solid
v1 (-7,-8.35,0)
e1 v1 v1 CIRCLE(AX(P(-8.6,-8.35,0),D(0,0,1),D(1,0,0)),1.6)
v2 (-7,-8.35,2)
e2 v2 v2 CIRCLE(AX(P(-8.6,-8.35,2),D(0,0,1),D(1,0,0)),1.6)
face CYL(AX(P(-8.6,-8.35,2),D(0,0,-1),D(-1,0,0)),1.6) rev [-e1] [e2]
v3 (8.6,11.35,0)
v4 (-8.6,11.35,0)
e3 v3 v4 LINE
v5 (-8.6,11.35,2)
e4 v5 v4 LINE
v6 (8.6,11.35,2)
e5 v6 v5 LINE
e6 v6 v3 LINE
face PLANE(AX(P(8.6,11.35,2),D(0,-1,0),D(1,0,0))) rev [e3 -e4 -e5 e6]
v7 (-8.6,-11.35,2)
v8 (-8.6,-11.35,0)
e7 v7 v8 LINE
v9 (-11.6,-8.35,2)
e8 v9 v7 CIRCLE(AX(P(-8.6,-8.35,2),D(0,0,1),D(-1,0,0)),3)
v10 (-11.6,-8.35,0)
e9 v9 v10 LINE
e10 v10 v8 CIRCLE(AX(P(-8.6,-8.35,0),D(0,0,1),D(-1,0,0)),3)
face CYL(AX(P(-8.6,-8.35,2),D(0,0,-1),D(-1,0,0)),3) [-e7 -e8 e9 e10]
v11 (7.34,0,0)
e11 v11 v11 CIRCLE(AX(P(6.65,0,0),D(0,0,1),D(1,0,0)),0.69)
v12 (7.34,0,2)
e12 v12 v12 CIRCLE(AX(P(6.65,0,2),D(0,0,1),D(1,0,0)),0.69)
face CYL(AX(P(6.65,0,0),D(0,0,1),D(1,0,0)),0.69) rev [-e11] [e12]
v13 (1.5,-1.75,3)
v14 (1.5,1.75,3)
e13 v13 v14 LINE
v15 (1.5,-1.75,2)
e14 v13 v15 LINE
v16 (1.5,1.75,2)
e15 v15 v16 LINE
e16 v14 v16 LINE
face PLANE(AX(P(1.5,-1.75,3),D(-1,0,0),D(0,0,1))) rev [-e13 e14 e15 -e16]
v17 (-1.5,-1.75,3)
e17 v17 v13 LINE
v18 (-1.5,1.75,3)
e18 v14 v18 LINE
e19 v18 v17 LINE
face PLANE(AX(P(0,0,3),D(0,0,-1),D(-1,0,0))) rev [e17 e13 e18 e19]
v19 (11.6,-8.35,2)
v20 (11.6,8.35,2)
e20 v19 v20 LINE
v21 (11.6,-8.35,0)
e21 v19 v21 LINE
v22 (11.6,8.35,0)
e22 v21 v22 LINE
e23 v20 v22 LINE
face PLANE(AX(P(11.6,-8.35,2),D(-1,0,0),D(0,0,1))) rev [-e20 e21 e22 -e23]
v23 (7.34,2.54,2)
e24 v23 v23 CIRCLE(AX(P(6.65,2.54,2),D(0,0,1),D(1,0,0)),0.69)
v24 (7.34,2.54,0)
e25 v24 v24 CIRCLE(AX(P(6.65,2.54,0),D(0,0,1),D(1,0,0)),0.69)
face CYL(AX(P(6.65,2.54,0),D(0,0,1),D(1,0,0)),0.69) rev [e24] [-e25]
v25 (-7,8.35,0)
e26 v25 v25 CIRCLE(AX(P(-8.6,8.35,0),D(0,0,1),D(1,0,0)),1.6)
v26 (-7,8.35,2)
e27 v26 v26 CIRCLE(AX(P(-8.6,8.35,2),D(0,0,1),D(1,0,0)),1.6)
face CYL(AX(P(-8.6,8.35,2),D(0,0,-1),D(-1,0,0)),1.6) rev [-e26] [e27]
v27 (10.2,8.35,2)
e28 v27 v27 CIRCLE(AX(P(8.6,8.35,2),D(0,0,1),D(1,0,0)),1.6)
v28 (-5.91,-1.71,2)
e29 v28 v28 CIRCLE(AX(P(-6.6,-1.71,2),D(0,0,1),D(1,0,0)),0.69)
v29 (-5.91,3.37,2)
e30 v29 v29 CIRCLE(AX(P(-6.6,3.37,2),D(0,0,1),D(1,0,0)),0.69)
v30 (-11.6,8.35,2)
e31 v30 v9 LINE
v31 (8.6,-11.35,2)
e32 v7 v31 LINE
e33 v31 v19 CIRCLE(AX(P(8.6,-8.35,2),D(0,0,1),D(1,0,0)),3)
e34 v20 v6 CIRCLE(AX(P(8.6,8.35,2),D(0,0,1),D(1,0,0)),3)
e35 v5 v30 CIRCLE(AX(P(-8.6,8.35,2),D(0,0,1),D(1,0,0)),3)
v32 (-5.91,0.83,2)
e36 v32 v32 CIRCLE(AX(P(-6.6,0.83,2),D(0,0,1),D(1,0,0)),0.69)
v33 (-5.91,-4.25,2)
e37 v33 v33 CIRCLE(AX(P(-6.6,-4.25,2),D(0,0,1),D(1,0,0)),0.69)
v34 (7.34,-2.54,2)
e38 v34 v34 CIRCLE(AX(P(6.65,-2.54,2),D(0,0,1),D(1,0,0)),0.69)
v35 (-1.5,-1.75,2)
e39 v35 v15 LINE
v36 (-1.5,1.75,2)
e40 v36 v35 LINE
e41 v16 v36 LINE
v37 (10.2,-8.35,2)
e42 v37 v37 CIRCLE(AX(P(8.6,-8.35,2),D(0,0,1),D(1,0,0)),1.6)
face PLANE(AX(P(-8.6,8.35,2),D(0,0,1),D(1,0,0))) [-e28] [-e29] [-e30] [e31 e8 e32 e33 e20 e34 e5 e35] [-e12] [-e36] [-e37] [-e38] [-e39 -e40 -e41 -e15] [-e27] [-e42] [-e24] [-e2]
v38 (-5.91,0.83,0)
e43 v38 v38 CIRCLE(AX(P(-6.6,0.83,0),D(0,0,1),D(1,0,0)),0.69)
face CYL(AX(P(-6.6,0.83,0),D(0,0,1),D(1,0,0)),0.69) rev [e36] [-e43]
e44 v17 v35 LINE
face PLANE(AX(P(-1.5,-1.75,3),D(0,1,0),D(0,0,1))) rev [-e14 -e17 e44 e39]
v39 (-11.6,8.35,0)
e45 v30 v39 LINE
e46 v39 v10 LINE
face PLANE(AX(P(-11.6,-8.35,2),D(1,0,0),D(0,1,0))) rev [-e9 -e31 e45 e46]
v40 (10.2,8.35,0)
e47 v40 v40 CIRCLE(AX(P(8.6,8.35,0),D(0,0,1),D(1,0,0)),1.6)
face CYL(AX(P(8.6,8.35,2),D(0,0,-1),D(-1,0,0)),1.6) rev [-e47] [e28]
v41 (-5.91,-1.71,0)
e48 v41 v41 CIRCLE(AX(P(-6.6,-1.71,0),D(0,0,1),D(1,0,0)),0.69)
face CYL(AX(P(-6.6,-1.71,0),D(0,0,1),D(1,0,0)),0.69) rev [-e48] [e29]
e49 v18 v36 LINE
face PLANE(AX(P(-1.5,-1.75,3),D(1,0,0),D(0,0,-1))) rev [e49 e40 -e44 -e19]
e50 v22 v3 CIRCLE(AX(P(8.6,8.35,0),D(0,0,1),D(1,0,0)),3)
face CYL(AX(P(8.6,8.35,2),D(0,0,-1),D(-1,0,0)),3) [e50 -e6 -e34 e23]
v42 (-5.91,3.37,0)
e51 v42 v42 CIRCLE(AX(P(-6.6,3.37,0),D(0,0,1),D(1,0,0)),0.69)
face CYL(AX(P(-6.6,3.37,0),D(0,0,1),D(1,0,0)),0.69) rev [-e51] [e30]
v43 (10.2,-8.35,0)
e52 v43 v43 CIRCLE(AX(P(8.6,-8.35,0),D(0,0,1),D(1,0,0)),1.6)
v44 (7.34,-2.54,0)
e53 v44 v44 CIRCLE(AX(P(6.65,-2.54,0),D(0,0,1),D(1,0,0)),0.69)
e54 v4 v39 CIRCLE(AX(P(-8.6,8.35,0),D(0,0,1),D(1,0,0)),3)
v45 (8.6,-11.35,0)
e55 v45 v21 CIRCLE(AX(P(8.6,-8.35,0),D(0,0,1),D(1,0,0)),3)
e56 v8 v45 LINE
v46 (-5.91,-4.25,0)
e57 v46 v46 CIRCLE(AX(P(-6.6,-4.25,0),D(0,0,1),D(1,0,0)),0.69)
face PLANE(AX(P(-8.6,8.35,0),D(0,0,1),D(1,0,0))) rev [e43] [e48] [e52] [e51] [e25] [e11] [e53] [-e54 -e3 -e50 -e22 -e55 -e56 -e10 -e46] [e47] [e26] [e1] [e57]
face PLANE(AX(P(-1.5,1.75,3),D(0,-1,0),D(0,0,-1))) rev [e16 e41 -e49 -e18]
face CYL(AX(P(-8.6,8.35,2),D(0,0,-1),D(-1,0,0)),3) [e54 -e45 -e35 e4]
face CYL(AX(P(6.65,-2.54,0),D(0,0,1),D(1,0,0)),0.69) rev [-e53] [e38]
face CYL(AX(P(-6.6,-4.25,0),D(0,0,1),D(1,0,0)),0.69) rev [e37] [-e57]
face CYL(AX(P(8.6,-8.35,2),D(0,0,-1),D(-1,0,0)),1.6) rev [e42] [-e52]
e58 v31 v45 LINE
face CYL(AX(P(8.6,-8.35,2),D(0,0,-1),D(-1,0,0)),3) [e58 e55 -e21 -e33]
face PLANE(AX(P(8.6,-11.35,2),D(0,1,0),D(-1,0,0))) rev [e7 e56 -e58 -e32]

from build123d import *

# Parameters (mm, degrees)
ESBO_O2_R                = 1.6
RESSALTO_EXTRUS_O1_DEPTH = 2
ESBO_O3_R                = 0.69
CORTE_EXTRUS_O1_DEPTH    = 2
ESBO_O4_W                = 3
ESBO_O4_H                = 3.5
RESSALTO_EXTRUS_O2_DEPTH = 1


with BuildPart() as part:
    # Esboço2 → Ressalto-extrusão1 (new body)
    with BuildSketch(Plane.XY):
        with BuildLine():
            Line((8.6, -11.35), (-8.6, -11.35))
            ThreePointArc((-8.6, -11.35), (-10.721320344, -10.471320344), (-11.6, -8.35))
            Line((-11.6, -8.35), (-11.6, 8.35))
            ThreePointArc((-11.6, 8.35), (-10.721320344, 10.471320344), (-8.6, 11.35))
            Line((-8.6, 11.35), (8.6, 11.35))
            ThreePointArc((8.6, 11.35), (10.721320344, 10.471320344), (11.6, 8.35))
            Line((11.6, 8.35), (11.6, -8.35))
            ThreePointArc((11.6, -8.35), (10.721320344, -10.471320344), (8.6, -11.35))
        make_face()
        with Locations((-8.6, -8.35)):
            Circle(ESBO_O2_R, mode=Mode.SUBTRACT)
        with Locations((-8.6, 8.35)):
            Circle(ESBO_O2_R, mode=Mode.SUBTRACT)
        with Locations((8.6, 8.35)):
            Circle(ESBO_O2_R, mode=Mode.SUBTRACT)
        with Locations((8.6, -8.35)):
            Circle(ESBO_O2_R, mode=Mode.SUBTRACT)
    extrude(amount=RESSALTO_EXTRUS_O1_DEPTH)

    # Esboço3 → Corte-extrusão1 (cut)
    with BuildSketch(Plane.XY.offset(2)):
        with Locations((-6.6, -4.25)):
            Circle(ESBO_O3_R)
        with Locations((-6.6, -1.71)):
            Circle(ESBO_O3_R)
        with Locations((-6.6, 0.83)):
            Circle(ESBO_O3_R)
        with Locations((-6.6, 3.37)):
            Circle(ESBO_O3_R)
        with Locations((6.65, 0)):
            Circle(ESBO_O3_R)
        with Locations((6.65, 2.54)):
            Circle(ESBO_O3_R)
        with Locations((6.65, -2.54)):
            Circle(ESBO_O3_R)
    extrude(amount=-CORTE_EXTRUS_O1_DEPTH, mode=Mode.SUBTRACT)

    # Esboço4 → Ressalto-extrusão2 (add)
    with BuildSketch(Plane.XY.offset(2)):
        Rectangle(ESBO_O4_W, ESBO_O4_H)
    extrude(amount=RESSALTO_EXTRUS_O2_DEPTH)


solid = part.part
